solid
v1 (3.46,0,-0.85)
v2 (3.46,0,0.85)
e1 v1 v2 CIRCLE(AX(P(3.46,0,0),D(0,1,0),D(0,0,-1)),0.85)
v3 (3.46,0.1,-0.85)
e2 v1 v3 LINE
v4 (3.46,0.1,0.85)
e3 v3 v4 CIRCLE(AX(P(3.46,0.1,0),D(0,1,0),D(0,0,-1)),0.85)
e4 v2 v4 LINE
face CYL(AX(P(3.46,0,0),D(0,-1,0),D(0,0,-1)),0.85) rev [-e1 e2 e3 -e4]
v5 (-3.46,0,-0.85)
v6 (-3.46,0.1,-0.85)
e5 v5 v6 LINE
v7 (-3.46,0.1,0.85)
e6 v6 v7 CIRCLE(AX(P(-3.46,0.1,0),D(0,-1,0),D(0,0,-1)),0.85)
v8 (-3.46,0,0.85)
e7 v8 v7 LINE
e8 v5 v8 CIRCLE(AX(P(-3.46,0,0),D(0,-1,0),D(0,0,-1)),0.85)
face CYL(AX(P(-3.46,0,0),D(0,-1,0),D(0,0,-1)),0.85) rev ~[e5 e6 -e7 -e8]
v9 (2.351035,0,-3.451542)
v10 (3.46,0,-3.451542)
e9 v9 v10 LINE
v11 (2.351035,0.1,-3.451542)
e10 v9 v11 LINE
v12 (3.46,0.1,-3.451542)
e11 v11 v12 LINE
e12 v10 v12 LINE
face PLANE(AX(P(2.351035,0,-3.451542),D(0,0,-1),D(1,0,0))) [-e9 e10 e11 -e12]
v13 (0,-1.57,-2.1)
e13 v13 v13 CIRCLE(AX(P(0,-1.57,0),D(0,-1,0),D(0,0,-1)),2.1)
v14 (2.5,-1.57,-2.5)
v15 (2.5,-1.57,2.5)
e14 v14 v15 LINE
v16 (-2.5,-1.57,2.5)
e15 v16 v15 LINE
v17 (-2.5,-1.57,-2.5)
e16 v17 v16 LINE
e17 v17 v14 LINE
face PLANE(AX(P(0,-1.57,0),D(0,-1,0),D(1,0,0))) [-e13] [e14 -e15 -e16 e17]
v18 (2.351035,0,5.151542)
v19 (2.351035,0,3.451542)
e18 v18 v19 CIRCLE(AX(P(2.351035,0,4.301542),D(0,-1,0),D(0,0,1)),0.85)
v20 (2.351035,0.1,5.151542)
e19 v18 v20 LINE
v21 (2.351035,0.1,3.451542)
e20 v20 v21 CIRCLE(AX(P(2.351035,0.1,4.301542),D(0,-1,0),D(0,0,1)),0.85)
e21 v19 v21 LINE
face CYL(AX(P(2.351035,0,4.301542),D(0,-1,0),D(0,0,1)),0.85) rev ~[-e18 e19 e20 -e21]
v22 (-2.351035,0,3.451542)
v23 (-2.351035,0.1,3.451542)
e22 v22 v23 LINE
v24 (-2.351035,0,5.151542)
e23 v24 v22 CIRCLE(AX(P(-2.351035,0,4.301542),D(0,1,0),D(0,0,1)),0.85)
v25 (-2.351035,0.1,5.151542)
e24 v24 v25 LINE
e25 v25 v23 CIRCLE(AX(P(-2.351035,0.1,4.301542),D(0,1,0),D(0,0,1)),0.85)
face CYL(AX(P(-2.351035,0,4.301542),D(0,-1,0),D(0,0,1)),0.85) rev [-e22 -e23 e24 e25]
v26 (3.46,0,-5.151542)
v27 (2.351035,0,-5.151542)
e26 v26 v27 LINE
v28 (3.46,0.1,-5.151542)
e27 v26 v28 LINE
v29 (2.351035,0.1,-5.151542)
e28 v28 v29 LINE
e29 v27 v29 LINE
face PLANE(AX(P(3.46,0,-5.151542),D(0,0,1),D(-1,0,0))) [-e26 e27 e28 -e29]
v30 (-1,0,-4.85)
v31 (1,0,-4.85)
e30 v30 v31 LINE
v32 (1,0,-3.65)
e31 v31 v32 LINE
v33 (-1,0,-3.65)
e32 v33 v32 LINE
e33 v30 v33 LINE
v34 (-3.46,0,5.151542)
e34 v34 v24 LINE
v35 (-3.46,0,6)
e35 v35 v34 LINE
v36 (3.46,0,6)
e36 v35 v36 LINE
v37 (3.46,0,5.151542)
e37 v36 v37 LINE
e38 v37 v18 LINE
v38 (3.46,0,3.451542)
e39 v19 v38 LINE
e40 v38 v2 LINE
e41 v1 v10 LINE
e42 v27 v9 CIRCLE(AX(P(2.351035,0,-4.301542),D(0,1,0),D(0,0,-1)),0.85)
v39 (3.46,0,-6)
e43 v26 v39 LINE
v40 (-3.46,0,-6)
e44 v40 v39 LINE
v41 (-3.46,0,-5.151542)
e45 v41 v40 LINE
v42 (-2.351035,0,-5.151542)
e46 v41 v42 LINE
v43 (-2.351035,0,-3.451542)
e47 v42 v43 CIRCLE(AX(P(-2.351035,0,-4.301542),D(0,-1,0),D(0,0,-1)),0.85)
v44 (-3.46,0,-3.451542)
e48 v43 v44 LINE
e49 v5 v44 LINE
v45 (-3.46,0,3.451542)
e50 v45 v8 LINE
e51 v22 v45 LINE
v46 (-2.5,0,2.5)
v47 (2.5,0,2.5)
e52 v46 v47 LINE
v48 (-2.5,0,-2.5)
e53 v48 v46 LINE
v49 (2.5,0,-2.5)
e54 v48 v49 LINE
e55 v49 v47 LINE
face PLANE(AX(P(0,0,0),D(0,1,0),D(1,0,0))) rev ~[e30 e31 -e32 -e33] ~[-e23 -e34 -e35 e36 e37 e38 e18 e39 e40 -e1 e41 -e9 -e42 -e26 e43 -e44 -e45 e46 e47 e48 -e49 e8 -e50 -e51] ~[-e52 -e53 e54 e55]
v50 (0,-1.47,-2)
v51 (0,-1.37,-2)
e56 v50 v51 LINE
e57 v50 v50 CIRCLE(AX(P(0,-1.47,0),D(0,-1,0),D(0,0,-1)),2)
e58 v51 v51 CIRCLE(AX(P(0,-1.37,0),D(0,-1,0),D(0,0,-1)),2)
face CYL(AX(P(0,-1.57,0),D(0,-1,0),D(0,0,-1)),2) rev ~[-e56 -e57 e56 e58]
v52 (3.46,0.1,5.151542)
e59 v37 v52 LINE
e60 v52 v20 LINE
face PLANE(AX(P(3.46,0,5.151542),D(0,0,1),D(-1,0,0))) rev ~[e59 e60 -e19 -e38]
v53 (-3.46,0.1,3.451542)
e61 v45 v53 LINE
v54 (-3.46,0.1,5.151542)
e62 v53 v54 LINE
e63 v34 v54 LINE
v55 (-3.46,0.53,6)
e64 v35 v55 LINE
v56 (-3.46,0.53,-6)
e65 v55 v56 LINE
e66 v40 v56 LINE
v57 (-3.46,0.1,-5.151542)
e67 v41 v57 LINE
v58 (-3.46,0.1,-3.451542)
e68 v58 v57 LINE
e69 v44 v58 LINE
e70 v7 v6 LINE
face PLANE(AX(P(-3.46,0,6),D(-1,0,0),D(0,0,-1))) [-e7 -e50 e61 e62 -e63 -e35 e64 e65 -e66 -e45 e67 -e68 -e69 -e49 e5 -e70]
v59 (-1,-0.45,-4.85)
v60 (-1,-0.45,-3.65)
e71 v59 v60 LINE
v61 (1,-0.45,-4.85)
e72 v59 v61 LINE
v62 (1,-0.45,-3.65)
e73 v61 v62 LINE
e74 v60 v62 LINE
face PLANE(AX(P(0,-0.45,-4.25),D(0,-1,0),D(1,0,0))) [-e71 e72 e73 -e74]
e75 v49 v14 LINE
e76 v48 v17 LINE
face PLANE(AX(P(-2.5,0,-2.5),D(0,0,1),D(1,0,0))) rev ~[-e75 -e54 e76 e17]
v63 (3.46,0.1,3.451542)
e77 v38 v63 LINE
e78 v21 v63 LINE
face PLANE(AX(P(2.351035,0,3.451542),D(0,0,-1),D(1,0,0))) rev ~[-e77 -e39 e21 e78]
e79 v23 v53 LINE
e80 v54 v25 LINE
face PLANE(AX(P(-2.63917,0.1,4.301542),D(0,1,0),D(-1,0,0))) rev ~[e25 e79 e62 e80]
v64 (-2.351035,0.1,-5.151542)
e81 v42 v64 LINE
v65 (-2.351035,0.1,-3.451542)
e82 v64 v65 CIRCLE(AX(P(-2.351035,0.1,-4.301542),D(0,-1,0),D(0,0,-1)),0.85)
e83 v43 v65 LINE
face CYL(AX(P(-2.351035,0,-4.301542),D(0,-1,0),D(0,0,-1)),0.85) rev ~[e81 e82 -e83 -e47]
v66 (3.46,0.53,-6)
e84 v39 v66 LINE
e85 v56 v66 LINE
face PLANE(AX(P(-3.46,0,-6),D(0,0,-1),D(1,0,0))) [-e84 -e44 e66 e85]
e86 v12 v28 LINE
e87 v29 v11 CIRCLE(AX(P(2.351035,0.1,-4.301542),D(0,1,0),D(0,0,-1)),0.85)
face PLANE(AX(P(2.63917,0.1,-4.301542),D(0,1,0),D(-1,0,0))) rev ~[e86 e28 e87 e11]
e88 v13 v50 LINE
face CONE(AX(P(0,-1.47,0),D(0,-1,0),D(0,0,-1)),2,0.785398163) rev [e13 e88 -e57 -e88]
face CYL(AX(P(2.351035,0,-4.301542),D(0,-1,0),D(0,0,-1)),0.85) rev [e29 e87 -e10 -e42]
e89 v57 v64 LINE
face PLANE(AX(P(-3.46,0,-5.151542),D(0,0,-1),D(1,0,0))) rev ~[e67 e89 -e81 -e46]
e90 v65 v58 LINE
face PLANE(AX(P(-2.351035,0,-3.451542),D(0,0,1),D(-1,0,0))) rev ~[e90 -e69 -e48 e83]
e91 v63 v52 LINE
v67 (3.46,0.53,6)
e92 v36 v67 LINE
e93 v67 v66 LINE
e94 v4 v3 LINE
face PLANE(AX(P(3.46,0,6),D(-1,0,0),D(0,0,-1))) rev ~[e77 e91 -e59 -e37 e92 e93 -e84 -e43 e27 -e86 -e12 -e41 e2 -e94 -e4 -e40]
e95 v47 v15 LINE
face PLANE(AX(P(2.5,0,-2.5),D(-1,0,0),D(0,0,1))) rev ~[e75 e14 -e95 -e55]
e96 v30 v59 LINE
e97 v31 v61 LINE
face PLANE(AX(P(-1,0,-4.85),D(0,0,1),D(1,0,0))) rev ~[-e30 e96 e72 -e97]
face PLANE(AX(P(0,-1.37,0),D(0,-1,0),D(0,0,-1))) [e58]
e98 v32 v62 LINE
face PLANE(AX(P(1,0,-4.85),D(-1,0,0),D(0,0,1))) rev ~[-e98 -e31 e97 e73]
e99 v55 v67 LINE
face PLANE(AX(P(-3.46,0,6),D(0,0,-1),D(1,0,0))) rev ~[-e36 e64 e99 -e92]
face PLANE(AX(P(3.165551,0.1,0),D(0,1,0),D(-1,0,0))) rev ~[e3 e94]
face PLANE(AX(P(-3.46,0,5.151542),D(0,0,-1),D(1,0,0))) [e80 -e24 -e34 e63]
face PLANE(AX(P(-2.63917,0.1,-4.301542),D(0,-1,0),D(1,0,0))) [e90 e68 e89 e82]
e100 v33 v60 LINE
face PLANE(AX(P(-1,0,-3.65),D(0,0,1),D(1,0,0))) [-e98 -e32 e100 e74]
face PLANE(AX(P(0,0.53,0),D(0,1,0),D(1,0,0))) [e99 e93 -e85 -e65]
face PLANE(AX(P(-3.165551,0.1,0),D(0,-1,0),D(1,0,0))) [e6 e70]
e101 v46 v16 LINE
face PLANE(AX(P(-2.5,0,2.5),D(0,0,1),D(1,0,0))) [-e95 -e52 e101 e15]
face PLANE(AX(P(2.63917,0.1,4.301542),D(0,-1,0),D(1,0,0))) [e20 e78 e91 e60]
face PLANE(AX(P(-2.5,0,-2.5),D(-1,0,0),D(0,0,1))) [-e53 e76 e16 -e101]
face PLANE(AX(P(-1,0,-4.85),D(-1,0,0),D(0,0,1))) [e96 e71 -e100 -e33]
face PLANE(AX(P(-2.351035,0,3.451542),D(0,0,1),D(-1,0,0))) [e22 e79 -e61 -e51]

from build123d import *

# Parameters (mm, degrees)
SKETCH1_W           = 6.92
SKETCH1_H           = 12
BOSS_EXTRUDE1_DEPTH = 0.53
SKETCH2_W           = 5
SKETCH2_H           = 5
BOSS_EXTRUDE2_DEPTH = 1.57
SKETCH3_R           = 2
CUT_EXTRUDE1_DEPTH  = 0.2
CHAMFER1_SIZE       = 0.1
SKETCH6_W           = 2
SKETCH6_H           = 1.2
BOSS_EXTRUDE3_DEPTH = 0.45
CUT_EXTRUDE2_DEPTH  = 0.1


with BuildPart() as part:
    # Sketch1 → Boss-Extrude1 (new body)
    with BuildSketch(Plane(origin=(0, 0, 0), x_dir=(1, 0, 0), z_dir=(0, 1, 0))):
        Rectangle(SKETCH1_W, SKETCH1_H)
    extrude(amount=BOSS_EXTRUDE1_DEPTH)

    # Sketch2 → Boss-Extrude2 (add)
    with BuildSketch(Plane.XZ):
        Rectangle(SKETCH2_W, SKETCH2_H)
    extrude(amount=BOSS_EXTRUDE2_DEPTH)

    # Sketch3 → Cut-Extrude1 (cut)
    with BuildSketch(Plane.XZ.offset(1.57)):
        with Locations(Location((0, 0, 0), (0, 0, 270))):
            Circle(SKETCH3_R)
    extrude(amount=-CUT_EXTRUDE1_DEPTH, mode=Mode.SUBTRACT)

    # Chamfer1
    chamfer1_edges = [part.edges().sort_by_distance(p)[0] for p in [
        (0, -1.57, 2),
    ]]
    chamfer(chamfer1_edges, length=CHAMFER1_SIZE)

    # Sketch6 → Boss-Extrude3 (add)
    with BuildSketch(Plane.XZ):
        with Locations((0, -4.25)):
            Rectangle(SKETCH6_W, SKETCH6_H)
    extrude(amount=BOSS_EXTRUDE3_DEPTH)

    # Sketch4 → Cut-Extrude2 (cut)
    with BuildSketch(Plane.XZ):
        with BuildLine():
            Line((3.46, 0.85), (3.46, -0.85))
            ThreePointArc((3.46, -0.85), (2.61, 0), (3.46, 0.85))
        make_face()
        with BuildLine():
            Line((3.46, 5.151541621), (2.351035145, 5.151541621))
            ThreePointArc((2.351035145, 5.151541621), (1.501035145, 4.301541621), (2.351035145, 3.451541621))
            Line((2.351035145, 3.451541621), (3.46, 3.451541621))
            Line((3.46, 3.451541621), (3.46, 5.151541621))
        make_face()
        with BuildLine():
            Line((3.46, -5.151541621), (2.351035145, -5.151541621))
            ThreePointArc((2.351035145, -5.151541621), (1.501035145, -4.301541621), (2.351035145, -3.451541621))
            Line((2.351035145, -3.451541621), (3.46, -3.451541621))
            Line((3.46, -3.451541621), (3.46, -5.151541621))
        make_face()
        with BuildLine():
            Line((-2.351035145, -3.451541621), (-3.46, -3.451541621))
            Line((-3.46, -3.451541621), (-3.46, -5.151541621))
            Line((-3.46, -5.151541621), (-2.351035145, -5.151541621))
            ThreePointArc((-2.351035145, -5.151541621), (-1.501035145, -4.301541621), (-2.351035145, -3.451541621))
        make_face()
        with BuildLine():
            Line((-3.46, 3.451541621), (-3.46, 5.151541621))
            Line((-3.46, 5.151541621), (-2.351035145, 5.151541621))
            ThreePointArc((-2.351035145, 5.151541621), (-1.501035145, 4.301541621), (-2.351035145, 3.451541621))
            Line((-2.351035145, 3.451541621), (-3.46, 3.451541621))
        make_face()
        with BuildLine():
            Line((-3.46, 0.85), (-3.46, -0.85))
            ThreePointArc((-3.46, -0.85), (-2.61, 0), (-3.46, 0.85))
        make_face()
    extrude(amount=-CUT_EXTRUDE2_DEPTH, mode=Mode.SUBTRACT)


solid = part.part
